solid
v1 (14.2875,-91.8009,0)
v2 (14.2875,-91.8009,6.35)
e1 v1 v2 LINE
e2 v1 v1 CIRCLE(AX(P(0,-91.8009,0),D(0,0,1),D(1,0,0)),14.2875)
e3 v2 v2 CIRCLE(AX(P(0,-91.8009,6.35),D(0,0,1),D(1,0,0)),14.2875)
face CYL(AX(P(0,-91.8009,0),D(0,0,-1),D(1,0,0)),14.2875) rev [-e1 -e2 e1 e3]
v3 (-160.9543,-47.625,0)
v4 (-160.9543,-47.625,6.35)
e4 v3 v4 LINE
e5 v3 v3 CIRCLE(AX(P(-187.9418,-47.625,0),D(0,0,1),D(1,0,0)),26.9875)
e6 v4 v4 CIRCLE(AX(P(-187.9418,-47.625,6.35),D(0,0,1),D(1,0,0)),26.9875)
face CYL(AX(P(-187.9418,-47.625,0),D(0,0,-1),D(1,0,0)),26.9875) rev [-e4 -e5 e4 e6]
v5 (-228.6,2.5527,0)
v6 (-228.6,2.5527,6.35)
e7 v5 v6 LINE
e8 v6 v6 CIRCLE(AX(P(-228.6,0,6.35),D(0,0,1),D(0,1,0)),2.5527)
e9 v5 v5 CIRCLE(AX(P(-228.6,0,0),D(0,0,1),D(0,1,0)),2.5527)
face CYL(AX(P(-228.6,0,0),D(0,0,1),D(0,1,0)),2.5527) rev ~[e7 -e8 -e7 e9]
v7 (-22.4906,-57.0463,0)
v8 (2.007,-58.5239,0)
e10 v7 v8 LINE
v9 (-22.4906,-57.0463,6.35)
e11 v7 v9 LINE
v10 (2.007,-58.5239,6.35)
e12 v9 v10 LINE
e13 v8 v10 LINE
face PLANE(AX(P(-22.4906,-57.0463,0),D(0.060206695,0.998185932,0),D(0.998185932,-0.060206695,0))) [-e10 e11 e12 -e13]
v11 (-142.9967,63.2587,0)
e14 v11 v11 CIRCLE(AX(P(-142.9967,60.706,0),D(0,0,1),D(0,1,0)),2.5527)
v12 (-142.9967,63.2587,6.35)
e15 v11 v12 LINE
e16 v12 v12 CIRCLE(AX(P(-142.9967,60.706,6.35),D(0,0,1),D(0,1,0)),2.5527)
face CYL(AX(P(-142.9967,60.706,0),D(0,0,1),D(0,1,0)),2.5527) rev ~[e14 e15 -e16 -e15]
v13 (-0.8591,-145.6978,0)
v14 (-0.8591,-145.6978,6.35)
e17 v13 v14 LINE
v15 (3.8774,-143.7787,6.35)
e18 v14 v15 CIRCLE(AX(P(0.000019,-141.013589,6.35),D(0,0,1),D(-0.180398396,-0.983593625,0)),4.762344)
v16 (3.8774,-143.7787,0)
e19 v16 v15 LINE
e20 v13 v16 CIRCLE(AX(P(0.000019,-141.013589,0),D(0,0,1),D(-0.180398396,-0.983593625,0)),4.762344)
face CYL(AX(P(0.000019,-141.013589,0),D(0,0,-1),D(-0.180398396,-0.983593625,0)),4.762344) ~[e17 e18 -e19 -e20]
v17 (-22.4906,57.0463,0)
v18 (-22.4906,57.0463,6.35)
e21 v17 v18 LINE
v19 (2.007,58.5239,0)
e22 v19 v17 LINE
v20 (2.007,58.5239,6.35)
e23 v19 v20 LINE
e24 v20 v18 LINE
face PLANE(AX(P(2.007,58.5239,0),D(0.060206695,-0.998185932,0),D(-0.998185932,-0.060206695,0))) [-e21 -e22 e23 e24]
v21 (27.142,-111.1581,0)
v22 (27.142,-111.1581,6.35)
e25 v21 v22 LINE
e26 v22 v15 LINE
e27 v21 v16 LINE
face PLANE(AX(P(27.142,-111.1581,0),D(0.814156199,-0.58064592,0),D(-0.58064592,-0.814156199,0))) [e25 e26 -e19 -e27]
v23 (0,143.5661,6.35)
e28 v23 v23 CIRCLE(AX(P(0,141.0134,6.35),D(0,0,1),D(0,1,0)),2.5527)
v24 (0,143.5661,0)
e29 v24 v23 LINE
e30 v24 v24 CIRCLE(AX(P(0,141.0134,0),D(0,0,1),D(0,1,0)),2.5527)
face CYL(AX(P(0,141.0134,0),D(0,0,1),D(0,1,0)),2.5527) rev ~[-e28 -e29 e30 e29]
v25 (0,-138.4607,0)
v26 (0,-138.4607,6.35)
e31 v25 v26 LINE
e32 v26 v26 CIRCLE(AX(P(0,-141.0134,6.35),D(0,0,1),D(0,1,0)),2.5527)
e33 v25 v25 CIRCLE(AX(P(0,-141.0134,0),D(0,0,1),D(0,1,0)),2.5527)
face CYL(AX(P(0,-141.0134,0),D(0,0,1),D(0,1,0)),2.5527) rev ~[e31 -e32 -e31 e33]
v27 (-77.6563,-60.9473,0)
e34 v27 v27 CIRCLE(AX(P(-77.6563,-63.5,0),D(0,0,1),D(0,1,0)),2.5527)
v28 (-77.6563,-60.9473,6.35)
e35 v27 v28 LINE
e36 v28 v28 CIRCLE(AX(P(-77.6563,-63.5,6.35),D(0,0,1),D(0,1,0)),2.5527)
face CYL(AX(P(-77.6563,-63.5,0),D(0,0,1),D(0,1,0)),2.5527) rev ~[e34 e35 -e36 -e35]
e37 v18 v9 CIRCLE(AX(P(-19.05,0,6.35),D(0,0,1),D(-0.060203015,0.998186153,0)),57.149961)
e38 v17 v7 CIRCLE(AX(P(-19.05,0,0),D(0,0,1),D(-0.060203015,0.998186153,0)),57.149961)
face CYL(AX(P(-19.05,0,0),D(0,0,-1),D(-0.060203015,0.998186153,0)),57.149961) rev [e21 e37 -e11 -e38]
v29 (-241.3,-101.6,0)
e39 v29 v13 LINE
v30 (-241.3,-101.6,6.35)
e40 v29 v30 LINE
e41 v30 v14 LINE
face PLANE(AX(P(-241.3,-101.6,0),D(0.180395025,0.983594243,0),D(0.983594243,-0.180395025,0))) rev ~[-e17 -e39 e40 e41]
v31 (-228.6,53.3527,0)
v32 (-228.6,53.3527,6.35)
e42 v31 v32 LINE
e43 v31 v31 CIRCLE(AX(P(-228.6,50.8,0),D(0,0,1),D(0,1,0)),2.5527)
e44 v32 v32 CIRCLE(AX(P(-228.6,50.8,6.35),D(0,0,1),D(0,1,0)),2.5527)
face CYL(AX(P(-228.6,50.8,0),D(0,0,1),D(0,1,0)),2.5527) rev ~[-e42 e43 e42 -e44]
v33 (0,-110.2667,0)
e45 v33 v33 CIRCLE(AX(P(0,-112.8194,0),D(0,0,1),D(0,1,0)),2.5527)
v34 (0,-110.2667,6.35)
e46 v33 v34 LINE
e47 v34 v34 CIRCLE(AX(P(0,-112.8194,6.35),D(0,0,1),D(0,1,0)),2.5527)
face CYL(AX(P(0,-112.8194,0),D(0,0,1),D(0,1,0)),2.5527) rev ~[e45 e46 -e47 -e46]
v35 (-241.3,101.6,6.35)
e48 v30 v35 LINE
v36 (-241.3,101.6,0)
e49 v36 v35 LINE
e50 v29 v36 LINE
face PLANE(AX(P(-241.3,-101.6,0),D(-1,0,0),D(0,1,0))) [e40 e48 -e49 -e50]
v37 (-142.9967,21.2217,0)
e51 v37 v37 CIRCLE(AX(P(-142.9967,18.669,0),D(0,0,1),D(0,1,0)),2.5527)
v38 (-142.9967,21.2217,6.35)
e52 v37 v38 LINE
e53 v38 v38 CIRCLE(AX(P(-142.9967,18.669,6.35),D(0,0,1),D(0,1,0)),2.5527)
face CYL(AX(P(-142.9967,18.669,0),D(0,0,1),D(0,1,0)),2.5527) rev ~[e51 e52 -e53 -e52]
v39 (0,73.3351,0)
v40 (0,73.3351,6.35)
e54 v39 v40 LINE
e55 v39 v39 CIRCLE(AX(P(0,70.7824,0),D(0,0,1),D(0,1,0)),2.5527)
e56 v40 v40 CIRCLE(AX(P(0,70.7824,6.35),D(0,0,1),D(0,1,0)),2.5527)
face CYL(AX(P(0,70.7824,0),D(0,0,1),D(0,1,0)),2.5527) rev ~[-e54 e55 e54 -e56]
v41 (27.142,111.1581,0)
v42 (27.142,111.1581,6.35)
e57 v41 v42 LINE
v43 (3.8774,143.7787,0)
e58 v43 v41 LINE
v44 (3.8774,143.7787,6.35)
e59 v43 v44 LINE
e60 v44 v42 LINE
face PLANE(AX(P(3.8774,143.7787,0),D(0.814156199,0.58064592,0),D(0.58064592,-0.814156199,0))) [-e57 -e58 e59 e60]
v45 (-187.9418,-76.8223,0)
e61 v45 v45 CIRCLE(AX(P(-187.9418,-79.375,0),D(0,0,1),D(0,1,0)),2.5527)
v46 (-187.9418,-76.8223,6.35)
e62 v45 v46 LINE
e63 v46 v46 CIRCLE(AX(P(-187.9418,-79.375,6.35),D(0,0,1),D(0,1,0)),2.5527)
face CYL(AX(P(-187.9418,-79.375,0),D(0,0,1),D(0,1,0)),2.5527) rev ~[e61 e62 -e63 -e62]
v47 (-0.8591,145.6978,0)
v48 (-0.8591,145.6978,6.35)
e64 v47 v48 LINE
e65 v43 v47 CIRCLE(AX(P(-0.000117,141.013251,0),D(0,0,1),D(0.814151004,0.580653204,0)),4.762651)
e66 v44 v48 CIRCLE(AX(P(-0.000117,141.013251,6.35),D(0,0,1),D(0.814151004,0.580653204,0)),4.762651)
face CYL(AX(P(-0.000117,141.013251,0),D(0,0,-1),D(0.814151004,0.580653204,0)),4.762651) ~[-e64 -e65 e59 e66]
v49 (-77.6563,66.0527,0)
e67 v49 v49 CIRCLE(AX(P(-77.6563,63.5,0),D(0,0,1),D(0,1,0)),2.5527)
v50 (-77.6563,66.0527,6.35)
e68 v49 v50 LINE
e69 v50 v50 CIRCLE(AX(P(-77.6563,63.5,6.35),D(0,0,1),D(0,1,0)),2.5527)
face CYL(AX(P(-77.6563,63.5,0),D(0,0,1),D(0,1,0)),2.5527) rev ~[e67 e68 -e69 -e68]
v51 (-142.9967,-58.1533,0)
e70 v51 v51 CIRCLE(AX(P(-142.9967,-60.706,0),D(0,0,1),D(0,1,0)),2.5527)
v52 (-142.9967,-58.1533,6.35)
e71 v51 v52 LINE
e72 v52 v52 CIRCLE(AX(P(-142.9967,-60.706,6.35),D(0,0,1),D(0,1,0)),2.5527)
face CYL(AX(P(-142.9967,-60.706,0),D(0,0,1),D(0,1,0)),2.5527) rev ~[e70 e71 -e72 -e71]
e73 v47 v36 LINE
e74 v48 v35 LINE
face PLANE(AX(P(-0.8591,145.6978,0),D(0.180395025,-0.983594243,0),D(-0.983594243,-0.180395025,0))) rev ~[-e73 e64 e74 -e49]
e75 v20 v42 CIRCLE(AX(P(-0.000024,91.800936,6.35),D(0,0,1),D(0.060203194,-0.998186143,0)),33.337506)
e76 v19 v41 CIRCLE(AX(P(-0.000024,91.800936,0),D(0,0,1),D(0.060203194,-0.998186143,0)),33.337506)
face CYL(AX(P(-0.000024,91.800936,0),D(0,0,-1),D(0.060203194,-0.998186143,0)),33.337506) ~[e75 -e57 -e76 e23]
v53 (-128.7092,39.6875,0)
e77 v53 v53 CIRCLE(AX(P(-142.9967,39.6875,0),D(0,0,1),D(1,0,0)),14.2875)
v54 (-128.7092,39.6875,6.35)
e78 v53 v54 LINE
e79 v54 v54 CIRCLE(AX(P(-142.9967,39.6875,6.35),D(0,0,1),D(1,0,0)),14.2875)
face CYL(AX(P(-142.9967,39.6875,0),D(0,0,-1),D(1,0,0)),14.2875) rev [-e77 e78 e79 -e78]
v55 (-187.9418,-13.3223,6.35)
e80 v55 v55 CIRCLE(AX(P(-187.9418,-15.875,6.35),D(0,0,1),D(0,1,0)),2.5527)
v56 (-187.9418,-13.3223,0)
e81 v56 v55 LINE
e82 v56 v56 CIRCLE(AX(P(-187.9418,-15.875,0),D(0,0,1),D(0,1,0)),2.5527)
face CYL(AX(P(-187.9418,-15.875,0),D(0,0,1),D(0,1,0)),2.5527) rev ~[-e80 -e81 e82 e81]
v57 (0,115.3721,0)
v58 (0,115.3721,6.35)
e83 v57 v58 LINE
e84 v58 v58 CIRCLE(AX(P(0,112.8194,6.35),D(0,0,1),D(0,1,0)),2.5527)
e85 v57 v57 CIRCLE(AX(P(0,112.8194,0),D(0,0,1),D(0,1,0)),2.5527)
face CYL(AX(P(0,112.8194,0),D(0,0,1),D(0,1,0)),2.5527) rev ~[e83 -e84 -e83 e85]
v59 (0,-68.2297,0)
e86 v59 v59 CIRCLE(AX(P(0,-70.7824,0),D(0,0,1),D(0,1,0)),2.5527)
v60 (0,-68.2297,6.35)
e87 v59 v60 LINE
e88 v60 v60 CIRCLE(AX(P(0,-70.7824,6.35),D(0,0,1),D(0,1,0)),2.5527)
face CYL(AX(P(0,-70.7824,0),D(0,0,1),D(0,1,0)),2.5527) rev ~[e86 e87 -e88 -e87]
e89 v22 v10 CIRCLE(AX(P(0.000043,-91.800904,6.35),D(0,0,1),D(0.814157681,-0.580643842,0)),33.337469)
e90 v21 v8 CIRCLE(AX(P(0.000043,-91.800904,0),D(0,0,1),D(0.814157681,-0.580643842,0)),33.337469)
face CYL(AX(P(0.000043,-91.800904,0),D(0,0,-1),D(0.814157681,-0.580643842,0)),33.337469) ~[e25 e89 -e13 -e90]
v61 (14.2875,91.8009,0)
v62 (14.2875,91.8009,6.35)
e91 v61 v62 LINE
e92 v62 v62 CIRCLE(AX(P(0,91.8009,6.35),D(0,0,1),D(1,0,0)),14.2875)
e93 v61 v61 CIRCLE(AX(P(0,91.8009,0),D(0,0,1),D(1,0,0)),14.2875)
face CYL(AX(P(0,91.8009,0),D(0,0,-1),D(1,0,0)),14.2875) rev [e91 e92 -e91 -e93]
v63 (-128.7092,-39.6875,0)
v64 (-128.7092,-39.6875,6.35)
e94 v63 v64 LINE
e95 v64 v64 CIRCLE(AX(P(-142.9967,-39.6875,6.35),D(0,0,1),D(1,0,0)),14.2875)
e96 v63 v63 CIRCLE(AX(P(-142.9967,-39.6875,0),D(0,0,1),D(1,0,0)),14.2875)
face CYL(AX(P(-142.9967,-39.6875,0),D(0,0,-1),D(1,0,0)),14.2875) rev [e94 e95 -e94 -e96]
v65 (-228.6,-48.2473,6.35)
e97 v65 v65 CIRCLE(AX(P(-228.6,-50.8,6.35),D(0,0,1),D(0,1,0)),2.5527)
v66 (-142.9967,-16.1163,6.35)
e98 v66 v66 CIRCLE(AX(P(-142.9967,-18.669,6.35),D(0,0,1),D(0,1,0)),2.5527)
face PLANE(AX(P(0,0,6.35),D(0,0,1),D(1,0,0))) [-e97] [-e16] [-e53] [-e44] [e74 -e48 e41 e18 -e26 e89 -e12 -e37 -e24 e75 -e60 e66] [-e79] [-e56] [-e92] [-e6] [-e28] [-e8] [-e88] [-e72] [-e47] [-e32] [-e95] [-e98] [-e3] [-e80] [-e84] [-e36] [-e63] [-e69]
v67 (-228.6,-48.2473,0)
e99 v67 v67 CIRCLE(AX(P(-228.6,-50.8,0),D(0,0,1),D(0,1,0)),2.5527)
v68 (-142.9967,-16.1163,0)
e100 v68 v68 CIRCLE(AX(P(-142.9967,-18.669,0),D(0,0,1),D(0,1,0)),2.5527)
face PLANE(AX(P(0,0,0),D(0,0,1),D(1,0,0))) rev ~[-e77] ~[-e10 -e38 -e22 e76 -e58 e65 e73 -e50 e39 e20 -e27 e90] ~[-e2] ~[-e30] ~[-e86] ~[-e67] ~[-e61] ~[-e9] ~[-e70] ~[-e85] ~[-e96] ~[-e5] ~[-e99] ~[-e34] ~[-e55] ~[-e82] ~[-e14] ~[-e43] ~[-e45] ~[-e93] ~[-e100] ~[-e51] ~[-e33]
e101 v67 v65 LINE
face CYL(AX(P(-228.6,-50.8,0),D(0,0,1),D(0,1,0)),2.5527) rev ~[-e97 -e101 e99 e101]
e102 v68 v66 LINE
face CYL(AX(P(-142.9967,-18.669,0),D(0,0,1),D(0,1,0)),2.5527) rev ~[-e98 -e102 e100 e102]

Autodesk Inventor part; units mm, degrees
ref_plane "YZ Plane" through (0, 0, 0) normal (1, 0, 0) x (0, 1, 0)
ref_plane "XZ Plane" through (0, 0, 0) normal (0, 1, 0) x (-1, 0, 0)
ref_plane "XY Plane" through (0, 0, 0) normal (0, 0, 1) x (1, 0, 0)
sketch "Sketch1" plane through (0, 0, 0) normal (0, 0, 1) x (1, 0, 0)
  circle A0 centre (0, 91.8009) radius 38.1 construction
  circle A1 centre (0, -91.8009) radius 38.1 construction
  line L0 (0, 91.8009) -> (0, -91.8009) construction
  circle A2 centre (-25.4, 0) radius 57.15 construction
  circle A3 centre (0, 91.8009) radius 14.2875
  circle A4 centre (0, -91.8009) radius 14.2875
  circle A5 centre (0, -91.8009) radius 33.3375 construction
  circle A6 centre (0, 91.8009) radius 33.3375 construction
  circle A7 centre (-142.9967, -39.6875) radius 14.3256 construction
  circle A8 centre (0, -91.8009) radius 23.876 construction
  line L1 (-142.9967, -39.6875) -> (0, -91.8009) construction
  circle A9 centre (-142.9967, 39.6875) radius 14.3256 construction
  circle A10 centre (0, 91.8009) radius 23.876 construction
  line L2 (0, 91.8009) -> (-142.9967, 39.6875) construction
  circle A11 centre (-142.9967, 39.6875) radius 39.6875 construction
  circle A12 centre (-142.9967, -39.6875) radius 39.6875 construction
  line L3 (-142.9967, 39.6875) -> (-142.9967, -39.6875) construction
  line L4 (-138.9458, 25.9466) -> (6.7516, 68.8994) construction
  line L5 (-9.5669, 113.6764) -> (-148.7368, 52.8128) construction
  line L6 (-138.9458, -25.9466) -> (6.7516, -68.8994) construction
  line L7 (-13.5443, -111.4635) -> (-134.8702, -27.89) construction
  circle A13 centre (-142.9967, 39.6875) radius 14.2875
  circle A14 centre (-142.9967, -39.6875) radius 14.2875
  circle A15 centre (-187.9418, -47.625) radius 5.9531 construction
  circle A16 centre (-187.9418, -47.625) radius 9.525
  circle A17 centre (-187.9418, -47.625) radius 17.4625 construction
  circle A18 centre (-187.9418, -47.625) radius 17.4625 construction
  circle A19 centre (-187.9418, -47.625) radius 17.4625 construction
  circle A20 centre (-187.9418, -47.625) radius 17.4625 construction
  circle A21 centre (-187.9418, -47.625) radius 17.4625 construction
  circle A22 centre (-19.05, 0) radius 57.15 construction
  circle A23 centre (-187.9418, -47.625) radius 26.9875
  line L8 (-241.3, 101.6) -> (-215.9, 101.6) construction
  line L9 (-215.9, 101.6) -> (-215.9, -101.6) construction
  line L10 (-215.9, -101.6) -> (-241.3, -101.6) construction
  line L11 (-241.3, -101.6) -> (-241.3, 101.6)
  line L12 (-142.9967, -39.6875) -> (-187.9418, -47.625) construction
  line L13 (-77.6563, 63.5) -> (-77.6563, -63.5) construction
  line L14 (-22.4906, -57.0463) -> (2.007, -58.5239)
  arc A24 (2.007, 58.5239) -> (27.142, 111.1581) centre (0, 91.8009) ccw
  arc A25 (-22.4906, 57.0463) -> (-22.4906, -57.0463) centre (-19.05, 0) ccw
  line L15 (2.007, 58.5239) -> (-22.4906, 57.0463)
  arc A26 (27.142, -111.1581) -> (2.007, -58.5239) centre (0, -91.8009) ccw
  arc A27 (3.8774, 143.7787) -> (-0.8591, 145.6978) centre (0, 141.0134) ccw
  circle A28 centre (0, 91.8009) radius 44.45 construction
  line L16 (3.8774, 143.7787) -> (27.142, 111.1581)
  line L17 (-0.8591, 145.6978) -> (-241.3, 101.6)
  arc A29 (-0.8591, -145.6978) -> (3.8774, -143.7787) centre (0, -141.0134) ccw
  line L18 (-241.3, -101.6) -> (-0.8591, -145.6978)
  line L19 (27.142, -111.1581) -> (3.8774, -143.7787)
  circle A30 centre (0, -91.8009) radius 44.45 construction
  line L20 (0, 112.8194) -> (0, 70.7824) construction
  line L21 (-142.9967, 60.706) -> (-142.9967, 18.669) construction
  line L22 (-142.9967, -18.669) -> (-142.9967, -60.706) construction
  line L23 (0, -70.7824) -> (0, -112.8194) construction
  line L24 (-228.6, 50.8) -> (-228.6, -50.8) construction
  line L25 (-187.9418, -15.875) -> (-187.9418, -79.375) construction
  circle A31 centre (-187.9418, -47.625) radius 17.4625 construction
  point P0 (0, 0)
  point P1 (0, 0)
  point P2 (-172.8189, -38.8937)
  point P3 (-187.9418, -30.1625)
  point P4 (-203.0648, -38.8938)
  point P5 (-203.0648, -56.3563)
  point P6 (-187.9418, -65.0875)
  point P7 (-215.9, 0)
  point P8 (-228.6, 0)
  point P9 (-228.6, 0)
  point P10 (-228.6, 101.6)
  point P11 (-172.8189, -56.3562)
  dimension "d15" = 34.925
  dimension "d0" = 76.2
  dimension "d1" = 76.2
  dimension "d2" = 114.3
  dimension "d4" = 183.6018
  dimension "d5" = 28.575
  dimension "d6" = 19.05
  dimension "d7" = 28.6512
  dimension "d8" = 47.752
  dimension "d9" = 79.375
  dimension "d10" = 142.9967
  dimension "d11" = 152.1968
  dimension "d12" = 28.575
  dimension "d13" = 11.9062
  dimension "d14" = 19.05
  dimension "d18" = 360
  dimension "d20" = 6.35
  dimension "d21" = 53.975
  dimension "d22" = 25.4
  dimension "d23" = 203.2
  dimension "d24" = 241.3
  dimension "d26" = 127
  dimension "d29" = 9.525
  dimension "d30" = 6.35
  dimension "d32" = 42.037
  dimension "d33" = 42.037
  dimension "d34" = 42.037
  dimension "d35" = 42.037
  dimension "d36" = 25.4
  dimension "d44" = 101.6
  dimension "d45" = 53.975
  dimension "d46" = 63.5
extrude "Extrusion1" add sketch "Sketch1" along normal blind 6.35 contours L11 L17 A27 L16 A24 L15 A25 L14 A26 L19 A29 L18
hole "Hole1" at (-172.8189, -38.8937, 0) at (-187.9418, -30.1625, 0) at (-203.0648, -38.8938, 0) at (-203.0648, -56.3563, 0) at (-187.9418, -65.0875, 0) at (-77.6563, 63.5, 0) at (-77.6563, -63.5, 0) at (0, 112.8194, 0) at (0, 70.7824, 0) at (-142.9967, 60.706, 0) at (-142.9967, 18.669, 0) at (-142.9967, -18.669, 0) at (-142.9967, -60.706, 0) at (0, -70.7824, 0) at (0, -112.8194, 0) at (-228.6, 50.8, 0) at (-228.6, 0, 0) at (-228.6, -50.8, 0) at (-187.9418, -79.375, 0) at (-187.9418, -15.875, 0) at (0, -141.0134, 0) at (0, 141.0134, 0) direction (0, 0, 1) diameter 5.1054 end through all clearance for "Flat Head Machine Screw (82)" size "#10" standard "Ansi Unified Screw Threads"
properties part number "GP6-002" material "Polycarbonate, Smoke"
